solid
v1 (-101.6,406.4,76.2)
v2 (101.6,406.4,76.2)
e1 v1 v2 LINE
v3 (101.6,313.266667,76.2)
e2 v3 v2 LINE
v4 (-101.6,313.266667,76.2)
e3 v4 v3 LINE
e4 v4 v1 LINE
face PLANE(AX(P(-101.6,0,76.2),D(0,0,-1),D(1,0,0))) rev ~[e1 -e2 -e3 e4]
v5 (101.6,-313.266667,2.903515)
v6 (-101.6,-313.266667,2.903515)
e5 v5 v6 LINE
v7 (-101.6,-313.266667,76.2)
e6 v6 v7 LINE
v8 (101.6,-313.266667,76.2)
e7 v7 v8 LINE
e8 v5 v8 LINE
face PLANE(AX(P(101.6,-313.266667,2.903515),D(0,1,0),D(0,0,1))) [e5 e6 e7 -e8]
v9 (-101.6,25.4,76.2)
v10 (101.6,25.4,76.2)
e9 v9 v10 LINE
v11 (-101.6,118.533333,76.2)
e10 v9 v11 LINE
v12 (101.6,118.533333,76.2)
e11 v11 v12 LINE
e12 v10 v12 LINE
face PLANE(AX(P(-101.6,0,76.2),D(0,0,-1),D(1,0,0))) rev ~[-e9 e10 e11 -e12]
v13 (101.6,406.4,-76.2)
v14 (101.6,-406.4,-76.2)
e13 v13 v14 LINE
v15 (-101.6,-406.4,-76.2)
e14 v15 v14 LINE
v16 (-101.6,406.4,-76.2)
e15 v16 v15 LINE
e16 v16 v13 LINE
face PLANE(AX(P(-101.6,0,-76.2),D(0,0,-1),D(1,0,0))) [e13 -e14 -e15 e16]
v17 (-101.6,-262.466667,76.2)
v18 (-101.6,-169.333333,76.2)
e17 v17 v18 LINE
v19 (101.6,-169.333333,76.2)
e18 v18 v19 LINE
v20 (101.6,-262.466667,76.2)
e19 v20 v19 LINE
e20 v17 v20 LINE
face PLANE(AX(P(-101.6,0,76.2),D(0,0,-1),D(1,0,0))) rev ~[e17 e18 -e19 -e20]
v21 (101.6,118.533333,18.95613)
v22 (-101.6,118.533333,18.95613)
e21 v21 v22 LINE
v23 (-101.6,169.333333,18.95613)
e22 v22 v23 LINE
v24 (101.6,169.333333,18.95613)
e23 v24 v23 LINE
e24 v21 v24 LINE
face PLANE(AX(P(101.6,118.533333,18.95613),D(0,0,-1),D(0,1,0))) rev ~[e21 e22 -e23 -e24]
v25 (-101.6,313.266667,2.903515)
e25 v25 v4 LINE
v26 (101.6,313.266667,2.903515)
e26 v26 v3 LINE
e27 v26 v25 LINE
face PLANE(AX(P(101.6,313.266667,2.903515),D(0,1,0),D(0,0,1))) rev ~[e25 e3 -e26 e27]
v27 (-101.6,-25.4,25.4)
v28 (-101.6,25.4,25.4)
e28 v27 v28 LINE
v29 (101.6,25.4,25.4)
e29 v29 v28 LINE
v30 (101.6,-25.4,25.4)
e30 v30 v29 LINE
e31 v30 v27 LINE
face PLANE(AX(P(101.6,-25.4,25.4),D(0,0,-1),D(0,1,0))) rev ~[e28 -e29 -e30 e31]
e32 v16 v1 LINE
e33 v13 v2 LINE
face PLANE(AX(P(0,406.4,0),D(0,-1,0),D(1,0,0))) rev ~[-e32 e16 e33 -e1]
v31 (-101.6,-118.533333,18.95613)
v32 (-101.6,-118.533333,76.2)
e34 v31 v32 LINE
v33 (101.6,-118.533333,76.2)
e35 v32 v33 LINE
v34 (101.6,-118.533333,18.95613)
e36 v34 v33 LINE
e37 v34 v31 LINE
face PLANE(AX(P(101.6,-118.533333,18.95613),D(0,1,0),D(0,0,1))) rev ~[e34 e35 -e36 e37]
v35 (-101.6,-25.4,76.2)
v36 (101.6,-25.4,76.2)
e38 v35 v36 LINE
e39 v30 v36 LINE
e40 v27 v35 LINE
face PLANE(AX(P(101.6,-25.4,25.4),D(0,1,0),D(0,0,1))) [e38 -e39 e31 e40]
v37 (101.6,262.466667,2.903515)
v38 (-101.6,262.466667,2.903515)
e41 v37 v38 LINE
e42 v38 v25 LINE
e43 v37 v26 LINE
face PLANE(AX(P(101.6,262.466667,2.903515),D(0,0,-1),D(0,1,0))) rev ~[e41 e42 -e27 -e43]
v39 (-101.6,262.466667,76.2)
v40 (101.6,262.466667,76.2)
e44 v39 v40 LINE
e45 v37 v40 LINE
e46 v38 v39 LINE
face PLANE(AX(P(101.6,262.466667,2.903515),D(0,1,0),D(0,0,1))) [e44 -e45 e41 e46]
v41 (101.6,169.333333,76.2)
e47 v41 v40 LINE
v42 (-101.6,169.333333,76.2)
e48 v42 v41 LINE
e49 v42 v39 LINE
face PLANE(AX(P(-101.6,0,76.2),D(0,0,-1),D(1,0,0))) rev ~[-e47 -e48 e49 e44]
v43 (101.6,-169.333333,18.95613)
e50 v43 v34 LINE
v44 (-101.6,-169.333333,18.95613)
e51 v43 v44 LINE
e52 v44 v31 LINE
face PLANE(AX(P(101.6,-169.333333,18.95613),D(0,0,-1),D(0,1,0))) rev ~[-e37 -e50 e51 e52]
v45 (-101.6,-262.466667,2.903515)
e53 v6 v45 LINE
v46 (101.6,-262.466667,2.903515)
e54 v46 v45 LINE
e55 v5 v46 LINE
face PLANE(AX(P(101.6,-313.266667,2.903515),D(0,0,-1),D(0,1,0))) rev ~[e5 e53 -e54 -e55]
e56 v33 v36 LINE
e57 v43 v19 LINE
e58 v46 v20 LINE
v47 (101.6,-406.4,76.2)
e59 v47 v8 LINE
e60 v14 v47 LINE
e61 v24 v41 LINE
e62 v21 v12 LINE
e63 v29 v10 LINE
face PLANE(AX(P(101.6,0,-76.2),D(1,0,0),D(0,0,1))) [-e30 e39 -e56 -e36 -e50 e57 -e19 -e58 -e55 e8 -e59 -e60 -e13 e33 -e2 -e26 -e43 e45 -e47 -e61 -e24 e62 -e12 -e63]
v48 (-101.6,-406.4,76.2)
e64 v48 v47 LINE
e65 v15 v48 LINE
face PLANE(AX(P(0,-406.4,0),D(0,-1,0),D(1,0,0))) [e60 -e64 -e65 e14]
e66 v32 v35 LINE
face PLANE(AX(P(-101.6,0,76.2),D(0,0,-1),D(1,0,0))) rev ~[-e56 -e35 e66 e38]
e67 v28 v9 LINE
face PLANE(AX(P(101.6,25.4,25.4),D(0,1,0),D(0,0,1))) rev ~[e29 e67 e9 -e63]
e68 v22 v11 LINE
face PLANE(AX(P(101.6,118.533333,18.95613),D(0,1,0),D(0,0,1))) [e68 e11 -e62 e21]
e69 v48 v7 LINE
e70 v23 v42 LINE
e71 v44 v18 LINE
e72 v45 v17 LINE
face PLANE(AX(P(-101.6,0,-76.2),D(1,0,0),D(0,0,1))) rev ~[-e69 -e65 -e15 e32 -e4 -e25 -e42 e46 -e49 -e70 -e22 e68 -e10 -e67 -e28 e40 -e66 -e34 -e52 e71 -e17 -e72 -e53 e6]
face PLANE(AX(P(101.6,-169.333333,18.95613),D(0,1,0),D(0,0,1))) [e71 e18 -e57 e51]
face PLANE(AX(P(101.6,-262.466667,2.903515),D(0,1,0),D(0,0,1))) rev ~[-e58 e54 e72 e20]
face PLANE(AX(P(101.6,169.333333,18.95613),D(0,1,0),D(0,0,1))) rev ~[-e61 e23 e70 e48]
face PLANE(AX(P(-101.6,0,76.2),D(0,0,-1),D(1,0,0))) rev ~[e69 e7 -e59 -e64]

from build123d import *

# Parameters (mm, degrees)
F0_W     = 203.2
F0_H     = 152.4
F1_DEPTH = 406.4
F2_W     = 50.8
F2_H     = 88.9
F3_DEPTH = 203.201


with BuildPart() as f1:
    # F0 (on Front) → F1 (new body, symmetric)
    with BuildSketch(Plane.XZ):
        Rectangle(F0_W, F0_H)
    extrude(amount=F1_DEPTH, both=True)

    # F2 (on face) → F3 (cut, through all)
    with BuildSketch(Plane.YZ.offset(101.6)):
        with Locations((0, 69.85)):
            Rectangle(F2_W, F2_H)
        with Locations((-143.933333, 63.40613)):
            Rectangle(F2_W, F2_H)
        with Locations((-287.866667, 47.353515)):
            Rectangle(F2_W, F2_H)
        with Locations((143.933333, 63.40613)):
            Rectangle(F2_W, F2_H)
        with Locations((287.866667, 47.353515)):
            Rectangle(F2_W, F2_H)
    extrude(amount=-F3_DEPTH, mode=Mode.SUBTRACT)


solid = f1.part
